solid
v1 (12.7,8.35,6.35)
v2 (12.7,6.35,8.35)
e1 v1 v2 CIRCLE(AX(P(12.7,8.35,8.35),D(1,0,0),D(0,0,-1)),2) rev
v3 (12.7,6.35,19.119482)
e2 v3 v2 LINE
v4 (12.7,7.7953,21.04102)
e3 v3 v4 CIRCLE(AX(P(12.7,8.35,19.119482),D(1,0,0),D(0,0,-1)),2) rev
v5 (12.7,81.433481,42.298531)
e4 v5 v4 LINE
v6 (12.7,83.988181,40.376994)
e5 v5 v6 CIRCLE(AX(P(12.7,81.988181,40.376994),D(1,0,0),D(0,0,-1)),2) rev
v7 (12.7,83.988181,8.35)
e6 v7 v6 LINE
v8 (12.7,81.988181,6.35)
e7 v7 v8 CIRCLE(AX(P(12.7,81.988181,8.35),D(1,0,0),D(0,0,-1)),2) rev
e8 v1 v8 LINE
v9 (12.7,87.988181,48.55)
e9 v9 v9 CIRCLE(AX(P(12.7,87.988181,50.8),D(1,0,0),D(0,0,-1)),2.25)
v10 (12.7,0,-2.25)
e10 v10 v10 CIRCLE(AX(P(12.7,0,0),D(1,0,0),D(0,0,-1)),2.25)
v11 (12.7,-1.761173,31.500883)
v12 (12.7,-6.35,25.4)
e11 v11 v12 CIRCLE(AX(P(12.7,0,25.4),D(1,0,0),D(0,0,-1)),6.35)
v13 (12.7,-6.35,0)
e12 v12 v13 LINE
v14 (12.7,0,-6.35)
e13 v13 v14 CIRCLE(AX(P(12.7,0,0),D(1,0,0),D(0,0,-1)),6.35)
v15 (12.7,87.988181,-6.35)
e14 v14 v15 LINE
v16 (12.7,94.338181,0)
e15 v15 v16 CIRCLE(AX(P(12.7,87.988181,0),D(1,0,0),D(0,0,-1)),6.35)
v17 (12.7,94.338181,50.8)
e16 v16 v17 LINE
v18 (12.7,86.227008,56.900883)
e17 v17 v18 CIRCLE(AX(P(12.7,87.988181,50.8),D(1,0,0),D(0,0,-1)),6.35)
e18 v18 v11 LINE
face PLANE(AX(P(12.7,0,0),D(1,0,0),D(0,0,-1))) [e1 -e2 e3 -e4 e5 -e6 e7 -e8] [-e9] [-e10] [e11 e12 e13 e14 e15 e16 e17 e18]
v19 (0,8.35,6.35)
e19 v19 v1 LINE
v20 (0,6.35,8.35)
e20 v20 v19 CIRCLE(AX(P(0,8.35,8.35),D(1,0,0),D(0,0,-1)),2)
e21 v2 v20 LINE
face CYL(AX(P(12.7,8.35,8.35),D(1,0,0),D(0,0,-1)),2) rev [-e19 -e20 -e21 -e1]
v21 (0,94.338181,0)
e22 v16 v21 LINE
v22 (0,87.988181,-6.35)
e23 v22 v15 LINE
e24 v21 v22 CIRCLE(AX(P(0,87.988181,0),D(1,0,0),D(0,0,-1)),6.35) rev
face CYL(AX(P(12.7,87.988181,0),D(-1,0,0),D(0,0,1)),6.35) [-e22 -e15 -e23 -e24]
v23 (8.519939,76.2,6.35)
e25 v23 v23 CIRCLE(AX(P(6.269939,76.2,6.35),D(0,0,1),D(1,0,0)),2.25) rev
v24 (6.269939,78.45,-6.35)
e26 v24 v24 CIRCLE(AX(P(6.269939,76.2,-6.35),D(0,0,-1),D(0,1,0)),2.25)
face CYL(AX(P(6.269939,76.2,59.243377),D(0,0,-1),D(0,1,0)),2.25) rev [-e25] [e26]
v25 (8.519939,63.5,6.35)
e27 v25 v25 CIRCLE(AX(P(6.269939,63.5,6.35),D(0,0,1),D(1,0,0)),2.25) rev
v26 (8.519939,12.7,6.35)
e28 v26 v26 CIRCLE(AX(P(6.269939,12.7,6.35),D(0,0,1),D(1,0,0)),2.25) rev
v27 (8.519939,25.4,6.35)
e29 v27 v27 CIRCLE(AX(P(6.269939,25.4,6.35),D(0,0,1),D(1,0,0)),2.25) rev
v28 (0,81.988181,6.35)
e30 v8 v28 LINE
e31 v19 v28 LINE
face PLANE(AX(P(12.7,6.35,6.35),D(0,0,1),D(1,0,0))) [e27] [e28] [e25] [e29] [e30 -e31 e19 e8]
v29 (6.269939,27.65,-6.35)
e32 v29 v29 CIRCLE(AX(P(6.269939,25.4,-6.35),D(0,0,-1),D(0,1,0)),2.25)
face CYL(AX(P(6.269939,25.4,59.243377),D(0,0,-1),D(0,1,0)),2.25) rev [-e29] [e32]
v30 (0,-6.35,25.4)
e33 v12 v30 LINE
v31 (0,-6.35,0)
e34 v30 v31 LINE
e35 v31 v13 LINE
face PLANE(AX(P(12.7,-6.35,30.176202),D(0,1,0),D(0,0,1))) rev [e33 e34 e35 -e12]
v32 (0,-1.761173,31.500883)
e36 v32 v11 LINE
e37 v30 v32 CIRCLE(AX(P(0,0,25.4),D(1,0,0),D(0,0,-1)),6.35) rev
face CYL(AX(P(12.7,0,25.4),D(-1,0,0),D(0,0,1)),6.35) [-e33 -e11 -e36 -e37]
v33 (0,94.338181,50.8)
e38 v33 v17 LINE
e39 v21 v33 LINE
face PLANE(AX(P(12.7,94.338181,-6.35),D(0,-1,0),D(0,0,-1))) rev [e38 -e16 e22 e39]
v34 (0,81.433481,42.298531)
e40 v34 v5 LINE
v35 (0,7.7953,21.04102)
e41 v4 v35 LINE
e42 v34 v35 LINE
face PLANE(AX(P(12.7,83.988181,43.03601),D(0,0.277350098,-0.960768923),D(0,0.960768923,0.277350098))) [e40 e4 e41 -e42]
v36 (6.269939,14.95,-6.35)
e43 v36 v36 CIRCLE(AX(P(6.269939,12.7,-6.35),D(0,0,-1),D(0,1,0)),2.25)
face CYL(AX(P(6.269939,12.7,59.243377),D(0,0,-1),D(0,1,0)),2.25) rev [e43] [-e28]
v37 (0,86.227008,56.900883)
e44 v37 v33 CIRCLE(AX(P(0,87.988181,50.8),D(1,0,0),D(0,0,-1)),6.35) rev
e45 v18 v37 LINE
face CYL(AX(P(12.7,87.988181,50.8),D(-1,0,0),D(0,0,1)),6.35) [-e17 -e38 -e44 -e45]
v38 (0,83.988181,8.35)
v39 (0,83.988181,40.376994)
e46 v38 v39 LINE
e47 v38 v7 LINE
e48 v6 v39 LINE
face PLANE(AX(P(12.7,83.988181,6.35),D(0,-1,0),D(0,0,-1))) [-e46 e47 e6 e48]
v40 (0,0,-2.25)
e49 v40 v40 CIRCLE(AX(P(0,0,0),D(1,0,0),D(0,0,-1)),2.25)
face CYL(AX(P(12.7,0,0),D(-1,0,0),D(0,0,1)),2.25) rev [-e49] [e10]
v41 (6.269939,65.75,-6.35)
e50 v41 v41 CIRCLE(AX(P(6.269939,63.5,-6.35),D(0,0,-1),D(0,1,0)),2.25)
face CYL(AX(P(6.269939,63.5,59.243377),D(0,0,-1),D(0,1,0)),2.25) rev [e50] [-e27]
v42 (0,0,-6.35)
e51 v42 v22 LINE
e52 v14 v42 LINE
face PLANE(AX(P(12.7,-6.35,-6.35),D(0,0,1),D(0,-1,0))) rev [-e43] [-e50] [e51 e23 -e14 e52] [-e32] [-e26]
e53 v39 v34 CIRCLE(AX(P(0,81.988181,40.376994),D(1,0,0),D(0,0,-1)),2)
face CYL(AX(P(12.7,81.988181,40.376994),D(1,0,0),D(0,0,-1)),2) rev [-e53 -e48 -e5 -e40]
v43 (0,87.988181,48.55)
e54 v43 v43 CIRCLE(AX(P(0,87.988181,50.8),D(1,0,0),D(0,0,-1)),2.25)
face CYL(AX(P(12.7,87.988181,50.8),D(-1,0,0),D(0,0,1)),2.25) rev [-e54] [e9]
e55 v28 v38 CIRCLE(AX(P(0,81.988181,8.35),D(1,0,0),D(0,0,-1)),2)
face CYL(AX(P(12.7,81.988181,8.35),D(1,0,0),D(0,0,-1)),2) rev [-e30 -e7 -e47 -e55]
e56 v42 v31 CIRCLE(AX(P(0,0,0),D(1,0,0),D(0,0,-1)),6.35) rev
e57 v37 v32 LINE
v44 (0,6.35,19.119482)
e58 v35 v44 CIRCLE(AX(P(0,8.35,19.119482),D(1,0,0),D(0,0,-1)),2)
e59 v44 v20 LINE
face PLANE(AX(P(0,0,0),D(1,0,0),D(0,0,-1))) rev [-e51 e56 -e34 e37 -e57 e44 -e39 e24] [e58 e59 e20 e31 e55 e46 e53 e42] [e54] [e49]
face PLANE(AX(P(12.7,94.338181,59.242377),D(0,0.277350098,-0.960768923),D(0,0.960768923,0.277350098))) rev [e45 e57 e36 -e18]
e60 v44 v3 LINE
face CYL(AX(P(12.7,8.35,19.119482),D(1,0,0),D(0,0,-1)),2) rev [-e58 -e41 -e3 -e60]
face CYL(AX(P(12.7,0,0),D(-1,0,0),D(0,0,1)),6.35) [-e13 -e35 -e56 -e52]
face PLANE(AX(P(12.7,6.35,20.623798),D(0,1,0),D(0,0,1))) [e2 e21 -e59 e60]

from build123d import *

# Parameters (mm, degrees)
SKETCH1_R           = 2.25
BOSS_EXTRUDE1_DEPTH = 12.7
CUT_EXTRUDE1_REACH  = 117.6
SKETCH3_R           = 2.25
FILLET3_R           = 6.35
FILLET4_R           = 2


with BuildPart() as part:
    # Sketch1 → Boss-Extrude1 (new body)
    with BuildSketch(Plane(origin=(0, 0, 0), x_dir=(0, 0, -1), z_dir=(1, 0, 0))):
        Polygon((6.35, -6.35), (6.35, 94.338181024), (-59.242376653, 94.338181024), (-30.176202444, -6.35), align=None)
        Circle(SKETCH1_R, mode=Mode.SUBTRACT)
        with Locations((-50.8, 87.988181024)):
            Circle(SKETCH1_R, mode=Mode.SUBTRACT)
        Polygon((-6.35, 6.35), (-6.35, 83.988181024), (-43.036009913, 83.988181024), (-20.623797556, 6.35), align=None, mode=Mode.SUBTRACT)
    extrude(amount=BOSS_EXTRUDE1_DEPTH)

    # Sketch3 → Cut-Extrude1 (cut, up to next)
    with BuildSketch(Plane(origin=(0, 0, -6.35), x_dir=(-1, 0, 0), z_dir=(0, 0, -1)), mode=Mode.PRIVATE) as cut_extrude1_sk1:
        with Locations(Location((-6.269939037, 76.2, 0), (0, 0, 90))):
            Circle(SKETCH3_R)
    cut_extrude1_tool1 = extrude(cut_extrude1_sk1.sketch, amount=-CUT_EXTRUDE1_REACH, mode=Mode.PRIVATE) & part.part
    # Sketch3 → Cut-Extrude1 (cut, up to next)
    with BuildSketch(Plane(origin=(0, 0, -6.35), x_dir=(-1, 0, 0), z_dir=(0, 0, -1)), mode=Mode.PRIVATE) as cut_extrude1_sk2:
        with Locations(Location((-6.269939037, 63.5, 0), (0, 0, 90))):
            Circle(SKETCH3_R)
    cut_extrude1_tool2 = extrude(cut_extrude1_sk2.sketch, amount=-CUT_EXTRUDE1_REACH, mode=Mode.PRIVATE) & part.part
    # Sketch3 → Cut-Extrude1 (cut, up to next)
    with BuildSketch(Plane(origin=(0, 0, -6.35), x_dir=(-1, 0, 0), z_dir=(0, 0, -1)), mode=Mode.PRIVATE) as cut_extrude1_sk3:
        with Locations(Location((-6.269939037, 12.7, 0), (0, 0, 90))):
            Circle(SKETCH3_R)
    cut_extrude1_tool3 = extrude(cut_extrude1_sk3.sketch, amount=-CUT_EXTRUDE1_REACH, mode=Mode.PRIVATE) & part.part
    # Sketch3 → Cut-Extrude1 (cut, up to next)
    with BuildSketch(Plane(origin=(0, 0, -6.35), x_dir=(-1, 0, 0), z_dir=(0, 0, -1)), mode=Mode.PRIVATE) as cut_extrude1_sk4:
        with Locations(Location((-6.269939037, 25.4, 0), (0, 0, 90))):
            Circle(SKETCH3_R)
    cut_extrude1_tool4 = extrude(cut_extrude1_sk4.sketch, amount=-CUT_EXTRUDE1_REACH, mode=Mode.PRIVATE) & part.part
    add(cut_extrude1_tool1.solids().sort_by_distance((6.269939, 76.2, -6.35))[0], mode=Mode.SUBTRACT)
    add(cut_extrude1_tool2.solids().sort_by_distance((6.269939, 63.5, -6.35))[0], mode=Mode.SUBTRACT)
    add(cut_extrude1_tool3.solids().sort_by_distance((6.269939, 12.7, -6.35))[0], mode=Mode.SUBTRACT)
    add(cut_extrude1_tool4.solids().sort_by_distance((6.269939, 25.4, -6.35))[0], mode=Mode.SUBTRACT)

    # Fillet3
    fillet3_edges = [part.edges().sort_by_distance(p)[0] for p in [
        (6.35, 94.338181024, 59.242376653),
        (6.35, 94.338181024, -6.35),
        (6.35, -6.35, -6.35),
        (6.35, -6.35, 30.176202444),
    ]]
    fillet(fillet3_edges, radius=FILLET3_R)

    # Fillet4
    fillet4_edges = [part.edges().sort_by_distance(p)[0] for p in [
        (6.35, 83.988181024, 43.036009913),
        (6.35, 6.35, 20.623797556),
        (6.35, 6.35, 6.35),
        (6.35, 83.988181024, 6.35),
    ]]
    fillet(fillet4_edges, radius=FILLET4_R)


solid = part.part
